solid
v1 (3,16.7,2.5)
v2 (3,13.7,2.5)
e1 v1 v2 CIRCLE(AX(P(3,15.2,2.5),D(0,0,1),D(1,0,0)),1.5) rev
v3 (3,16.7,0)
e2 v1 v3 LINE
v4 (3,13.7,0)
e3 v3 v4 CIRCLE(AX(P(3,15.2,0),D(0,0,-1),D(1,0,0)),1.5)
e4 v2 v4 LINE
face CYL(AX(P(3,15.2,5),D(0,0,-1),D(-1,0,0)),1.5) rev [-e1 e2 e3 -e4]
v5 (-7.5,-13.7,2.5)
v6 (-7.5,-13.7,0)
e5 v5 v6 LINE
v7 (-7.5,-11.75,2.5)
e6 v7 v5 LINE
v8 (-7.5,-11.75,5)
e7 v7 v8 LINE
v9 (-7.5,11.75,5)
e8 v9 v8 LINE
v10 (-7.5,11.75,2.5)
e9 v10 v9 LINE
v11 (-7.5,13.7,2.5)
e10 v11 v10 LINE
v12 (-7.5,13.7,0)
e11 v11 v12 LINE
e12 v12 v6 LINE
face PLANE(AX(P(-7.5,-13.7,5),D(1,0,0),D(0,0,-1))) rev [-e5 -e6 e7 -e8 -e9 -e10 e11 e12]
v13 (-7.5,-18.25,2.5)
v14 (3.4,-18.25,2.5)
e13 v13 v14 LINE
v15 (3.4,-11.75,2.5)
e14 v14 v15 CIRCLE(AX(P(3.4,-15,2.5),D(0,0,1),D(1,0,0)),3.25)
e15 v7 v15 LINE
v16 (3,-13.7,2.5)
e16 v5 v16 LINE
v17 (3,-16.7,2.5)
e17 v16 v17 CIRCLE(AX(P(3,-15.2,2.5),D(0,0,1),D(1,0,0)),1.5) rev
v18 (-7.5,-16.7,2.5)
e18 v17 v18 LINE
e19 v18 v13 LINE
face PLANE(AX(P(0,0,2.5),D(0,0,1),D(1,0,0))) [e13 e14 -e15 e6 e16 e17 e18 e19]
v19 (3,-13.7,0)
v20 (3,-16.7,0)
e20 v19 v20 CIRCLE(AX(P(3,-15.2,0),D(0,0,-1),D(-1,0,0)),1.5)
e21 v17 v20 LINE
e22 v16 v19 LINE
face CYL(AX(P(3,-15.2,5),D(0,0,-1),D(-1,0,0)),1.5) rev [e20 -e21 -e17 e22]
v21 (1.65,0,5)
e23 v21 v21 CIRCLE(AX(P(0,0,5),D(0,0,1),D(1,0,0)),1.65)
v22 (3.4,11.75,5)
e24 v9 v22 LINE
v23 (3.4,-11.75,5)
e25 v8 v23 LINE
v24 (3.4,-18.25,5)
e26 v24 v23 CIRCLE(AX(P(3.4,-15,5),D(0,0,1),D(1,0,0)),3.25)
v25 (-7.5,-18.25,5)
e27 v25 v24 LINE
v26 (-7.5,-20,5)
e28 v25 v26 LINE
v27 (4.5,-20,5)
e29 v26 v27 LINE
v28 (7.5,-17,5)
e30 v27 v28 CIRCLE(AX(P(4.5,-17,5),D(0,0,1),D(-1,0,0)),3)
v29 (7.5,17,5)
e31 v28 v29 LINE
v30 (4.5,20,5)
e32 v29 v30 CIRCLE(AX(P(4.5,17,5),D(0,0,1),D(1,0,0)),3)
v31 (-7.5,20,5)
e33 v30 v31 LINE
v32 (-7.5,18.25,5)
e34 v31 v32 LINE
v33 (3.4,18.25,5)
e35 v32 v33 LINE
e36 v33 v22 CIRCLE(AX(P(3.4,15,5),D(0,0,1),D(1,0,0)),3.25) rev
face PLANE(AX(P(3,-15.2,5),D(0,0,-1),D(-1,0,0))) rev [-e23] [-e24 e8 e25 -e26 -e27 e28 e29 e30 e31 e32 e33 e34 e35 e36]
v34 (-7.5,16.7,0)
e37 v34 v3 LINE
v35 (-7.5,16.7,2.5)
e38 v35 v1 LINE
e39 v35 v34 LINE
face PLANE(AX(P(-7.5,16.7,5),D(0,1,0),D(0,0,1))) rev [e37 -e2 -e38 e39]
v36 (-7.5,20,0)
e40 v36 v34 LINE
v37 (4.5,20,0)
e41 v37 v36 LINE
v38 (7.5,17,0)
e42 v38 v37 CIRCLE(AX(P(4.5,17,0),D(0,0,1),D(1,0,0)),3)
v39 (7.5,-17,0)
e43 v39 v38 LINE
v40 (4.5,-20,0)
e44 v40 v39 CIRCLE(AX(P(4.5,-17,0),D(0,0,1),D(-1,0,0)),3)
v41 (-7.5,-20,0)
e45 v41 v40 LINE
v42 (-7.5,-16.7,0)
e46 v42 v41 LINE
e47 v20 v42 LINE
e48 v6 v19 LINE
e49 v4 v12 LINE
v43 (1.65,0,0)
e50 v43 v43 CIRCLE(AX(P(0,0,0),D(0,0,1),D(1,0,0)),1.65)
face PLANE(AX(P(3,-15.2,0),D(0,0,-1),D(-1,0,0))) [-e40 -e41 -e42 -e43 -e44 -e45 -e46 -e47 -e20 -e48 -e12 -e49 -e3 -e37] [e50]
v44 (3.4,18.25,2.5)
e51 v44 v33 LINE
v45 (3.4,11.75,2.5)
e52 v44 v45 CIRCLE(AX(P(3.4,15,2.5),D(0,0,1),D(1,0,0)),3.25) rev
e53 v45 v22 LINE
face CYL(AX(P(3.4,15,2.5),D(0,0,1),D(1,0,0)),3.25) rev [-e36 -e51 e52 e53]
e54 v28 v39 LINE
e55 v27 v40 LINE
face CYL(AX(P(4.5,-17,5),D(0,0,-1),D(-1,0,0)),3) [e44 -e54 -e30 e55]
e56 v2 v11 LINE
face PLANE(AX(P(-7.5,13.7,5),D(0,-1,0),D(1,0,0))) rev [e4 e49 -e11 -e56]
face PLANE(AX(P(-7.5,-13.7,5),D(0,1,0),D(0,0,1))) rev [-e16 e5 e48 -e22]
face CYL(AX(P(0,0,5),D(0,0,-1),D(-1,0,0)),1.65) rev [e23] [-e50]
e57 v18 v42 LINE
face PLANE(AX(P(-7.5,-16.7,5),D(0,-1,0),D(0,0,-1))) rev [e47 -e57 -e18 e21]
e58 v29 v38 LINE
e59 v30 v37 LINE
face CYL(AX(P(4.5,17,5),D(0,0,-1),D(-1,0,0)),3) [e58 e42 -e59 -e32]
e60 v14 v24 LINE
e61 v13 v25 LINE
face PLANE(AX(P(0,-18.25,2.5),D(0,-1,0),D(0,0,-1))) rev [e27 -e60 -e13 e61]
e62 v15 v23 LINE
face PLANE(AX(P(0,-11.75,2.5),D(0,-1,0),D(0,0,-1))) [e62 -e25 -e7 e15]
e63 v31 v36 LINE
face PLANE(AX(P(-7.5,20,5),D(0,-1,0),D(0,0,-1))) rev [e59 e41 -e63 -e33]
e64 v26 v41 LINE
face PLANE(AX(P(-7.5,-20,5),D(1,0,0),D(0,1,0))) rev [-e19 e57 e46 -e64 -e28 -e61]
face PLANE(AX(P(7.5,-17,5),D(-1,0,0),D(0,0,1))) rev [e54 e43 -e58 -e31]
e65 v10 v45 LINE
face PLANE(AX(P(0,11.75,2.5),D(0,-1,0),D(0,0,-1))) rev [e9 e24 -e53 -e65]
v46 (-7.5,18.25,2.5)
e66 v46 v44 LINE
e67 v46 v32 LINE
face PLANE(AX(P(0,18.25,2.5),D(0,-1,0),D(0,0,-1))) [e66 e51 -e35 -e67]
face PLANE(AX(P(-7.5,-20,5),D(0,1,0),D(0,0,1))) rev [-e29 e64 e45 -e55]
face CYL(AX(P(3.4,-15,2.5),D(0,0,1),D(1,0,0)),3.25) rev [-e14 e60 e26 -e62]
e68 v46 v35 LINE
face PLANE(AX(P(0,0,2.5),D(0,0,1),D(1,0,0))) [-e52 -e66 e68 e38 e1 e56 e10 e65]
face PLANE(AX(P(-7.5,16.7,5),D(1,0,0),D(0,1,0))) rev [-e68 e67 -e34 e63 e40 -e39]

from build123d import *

# Parameters (mm, degrees)
SKETCH1_R           = 1.65
BOSS_EXTRUDE1_DEPTH = 5
CUT_EXTRUDE1_START  = -2.5
CUT_EXTRUDE1_DEPTH  = 2.5


with BuildPart() as part:
    # Sketch1 → Boss-Extrude1 (new body)
    with BuildSketch(Plane.XY):
        with BuildLine():
            Line((-7.5, 16.7), (3, 16.7))
            ThreePointArc((3, 16.7), (4.5, 15.2), (3, 13.7))
            Line((3, 13.7), (-7.5, 13.7))
            Line((-7.5, 13.7), (-7.5, -13.7))
            Line((-7.5, -13.7), (3, -13.7))
            ThreePointArc((3, -13.7), (4.5, -15.2), (3, -16.7))
            Line((3, -16.7), (-7.5, -16.7))
            Line((-7.5, -16.7), (-7.5, -20))
            Line((-7.5, -20), (4.5, -20))
            ThreePointArc((4.5, -20), (6.621320344, -19.121320344), (7.5, -17))
            Line((7.5, -17), (7.5, 17))
            ThreePointArc((7.5, 17), (6.621320344, 19.121320344), (4.5, 20))
            Line((4.5, 20), (-7.5, 20))
            Line((-7.5, 20), (-7.5, 16.7))
        make_face()
        Circle(SKETCH1_R, mode=Mode.SUBTRACT)
    extrude(amount=BOSS_EXTRUDE1_DEPTH)

    # Sketch2 → Cut-Extrude1 (cut)
    with BuildSketch(Plane.XY.offset(5).offset(CUT_EXTRUDE1_START)):
        with BuildLine():
            Line((3.4, -11.75), (-7.5, -11.75))
            Line((-7.5, -11.75), (-7.5, -13.7))
            Line((-7.5, -13.7), (3, -13.7))
            ThreePointArc((3, -13.7), (4.5, -15.2), (3, -16.7))
            Line((3, -16.7), (-7.5, -16.7))
            Line((-7.5, -16.7), (-7.5, -18.25))
            Line((-7.5, -18.25), (3.4, -18.25))
            ThreePointArc((3.4, -18.25), (6.65, -15), (3.4, -11.75))
        make_face()
        with BuildLine():
            Line((3.4, 18.25), (-7.5, 18.25))
            Line((-7.5, 18.25), (-7.5, 16.7))
            Line((-7.5, 16.7), (3, 16.7))
            ThreePointArc((3, 16.7), (4.5, 15.2), (3, 13.7))
            Line((3, 13.7), (-7.5, 13.7))
            Line((-7.5, 13.7), (-7.5, 11.75))
            Line((-7.5, 11.75), (3.4, 11.75))
            ThreePointArc((3.4, 11.75), (6.65, 15), (3.4, 18.25))
        make_face()
    extrude(amount=CUT_EXTRUDE1_DEPTH, mode=Mode.SUBTRACT)


solid = part.part
